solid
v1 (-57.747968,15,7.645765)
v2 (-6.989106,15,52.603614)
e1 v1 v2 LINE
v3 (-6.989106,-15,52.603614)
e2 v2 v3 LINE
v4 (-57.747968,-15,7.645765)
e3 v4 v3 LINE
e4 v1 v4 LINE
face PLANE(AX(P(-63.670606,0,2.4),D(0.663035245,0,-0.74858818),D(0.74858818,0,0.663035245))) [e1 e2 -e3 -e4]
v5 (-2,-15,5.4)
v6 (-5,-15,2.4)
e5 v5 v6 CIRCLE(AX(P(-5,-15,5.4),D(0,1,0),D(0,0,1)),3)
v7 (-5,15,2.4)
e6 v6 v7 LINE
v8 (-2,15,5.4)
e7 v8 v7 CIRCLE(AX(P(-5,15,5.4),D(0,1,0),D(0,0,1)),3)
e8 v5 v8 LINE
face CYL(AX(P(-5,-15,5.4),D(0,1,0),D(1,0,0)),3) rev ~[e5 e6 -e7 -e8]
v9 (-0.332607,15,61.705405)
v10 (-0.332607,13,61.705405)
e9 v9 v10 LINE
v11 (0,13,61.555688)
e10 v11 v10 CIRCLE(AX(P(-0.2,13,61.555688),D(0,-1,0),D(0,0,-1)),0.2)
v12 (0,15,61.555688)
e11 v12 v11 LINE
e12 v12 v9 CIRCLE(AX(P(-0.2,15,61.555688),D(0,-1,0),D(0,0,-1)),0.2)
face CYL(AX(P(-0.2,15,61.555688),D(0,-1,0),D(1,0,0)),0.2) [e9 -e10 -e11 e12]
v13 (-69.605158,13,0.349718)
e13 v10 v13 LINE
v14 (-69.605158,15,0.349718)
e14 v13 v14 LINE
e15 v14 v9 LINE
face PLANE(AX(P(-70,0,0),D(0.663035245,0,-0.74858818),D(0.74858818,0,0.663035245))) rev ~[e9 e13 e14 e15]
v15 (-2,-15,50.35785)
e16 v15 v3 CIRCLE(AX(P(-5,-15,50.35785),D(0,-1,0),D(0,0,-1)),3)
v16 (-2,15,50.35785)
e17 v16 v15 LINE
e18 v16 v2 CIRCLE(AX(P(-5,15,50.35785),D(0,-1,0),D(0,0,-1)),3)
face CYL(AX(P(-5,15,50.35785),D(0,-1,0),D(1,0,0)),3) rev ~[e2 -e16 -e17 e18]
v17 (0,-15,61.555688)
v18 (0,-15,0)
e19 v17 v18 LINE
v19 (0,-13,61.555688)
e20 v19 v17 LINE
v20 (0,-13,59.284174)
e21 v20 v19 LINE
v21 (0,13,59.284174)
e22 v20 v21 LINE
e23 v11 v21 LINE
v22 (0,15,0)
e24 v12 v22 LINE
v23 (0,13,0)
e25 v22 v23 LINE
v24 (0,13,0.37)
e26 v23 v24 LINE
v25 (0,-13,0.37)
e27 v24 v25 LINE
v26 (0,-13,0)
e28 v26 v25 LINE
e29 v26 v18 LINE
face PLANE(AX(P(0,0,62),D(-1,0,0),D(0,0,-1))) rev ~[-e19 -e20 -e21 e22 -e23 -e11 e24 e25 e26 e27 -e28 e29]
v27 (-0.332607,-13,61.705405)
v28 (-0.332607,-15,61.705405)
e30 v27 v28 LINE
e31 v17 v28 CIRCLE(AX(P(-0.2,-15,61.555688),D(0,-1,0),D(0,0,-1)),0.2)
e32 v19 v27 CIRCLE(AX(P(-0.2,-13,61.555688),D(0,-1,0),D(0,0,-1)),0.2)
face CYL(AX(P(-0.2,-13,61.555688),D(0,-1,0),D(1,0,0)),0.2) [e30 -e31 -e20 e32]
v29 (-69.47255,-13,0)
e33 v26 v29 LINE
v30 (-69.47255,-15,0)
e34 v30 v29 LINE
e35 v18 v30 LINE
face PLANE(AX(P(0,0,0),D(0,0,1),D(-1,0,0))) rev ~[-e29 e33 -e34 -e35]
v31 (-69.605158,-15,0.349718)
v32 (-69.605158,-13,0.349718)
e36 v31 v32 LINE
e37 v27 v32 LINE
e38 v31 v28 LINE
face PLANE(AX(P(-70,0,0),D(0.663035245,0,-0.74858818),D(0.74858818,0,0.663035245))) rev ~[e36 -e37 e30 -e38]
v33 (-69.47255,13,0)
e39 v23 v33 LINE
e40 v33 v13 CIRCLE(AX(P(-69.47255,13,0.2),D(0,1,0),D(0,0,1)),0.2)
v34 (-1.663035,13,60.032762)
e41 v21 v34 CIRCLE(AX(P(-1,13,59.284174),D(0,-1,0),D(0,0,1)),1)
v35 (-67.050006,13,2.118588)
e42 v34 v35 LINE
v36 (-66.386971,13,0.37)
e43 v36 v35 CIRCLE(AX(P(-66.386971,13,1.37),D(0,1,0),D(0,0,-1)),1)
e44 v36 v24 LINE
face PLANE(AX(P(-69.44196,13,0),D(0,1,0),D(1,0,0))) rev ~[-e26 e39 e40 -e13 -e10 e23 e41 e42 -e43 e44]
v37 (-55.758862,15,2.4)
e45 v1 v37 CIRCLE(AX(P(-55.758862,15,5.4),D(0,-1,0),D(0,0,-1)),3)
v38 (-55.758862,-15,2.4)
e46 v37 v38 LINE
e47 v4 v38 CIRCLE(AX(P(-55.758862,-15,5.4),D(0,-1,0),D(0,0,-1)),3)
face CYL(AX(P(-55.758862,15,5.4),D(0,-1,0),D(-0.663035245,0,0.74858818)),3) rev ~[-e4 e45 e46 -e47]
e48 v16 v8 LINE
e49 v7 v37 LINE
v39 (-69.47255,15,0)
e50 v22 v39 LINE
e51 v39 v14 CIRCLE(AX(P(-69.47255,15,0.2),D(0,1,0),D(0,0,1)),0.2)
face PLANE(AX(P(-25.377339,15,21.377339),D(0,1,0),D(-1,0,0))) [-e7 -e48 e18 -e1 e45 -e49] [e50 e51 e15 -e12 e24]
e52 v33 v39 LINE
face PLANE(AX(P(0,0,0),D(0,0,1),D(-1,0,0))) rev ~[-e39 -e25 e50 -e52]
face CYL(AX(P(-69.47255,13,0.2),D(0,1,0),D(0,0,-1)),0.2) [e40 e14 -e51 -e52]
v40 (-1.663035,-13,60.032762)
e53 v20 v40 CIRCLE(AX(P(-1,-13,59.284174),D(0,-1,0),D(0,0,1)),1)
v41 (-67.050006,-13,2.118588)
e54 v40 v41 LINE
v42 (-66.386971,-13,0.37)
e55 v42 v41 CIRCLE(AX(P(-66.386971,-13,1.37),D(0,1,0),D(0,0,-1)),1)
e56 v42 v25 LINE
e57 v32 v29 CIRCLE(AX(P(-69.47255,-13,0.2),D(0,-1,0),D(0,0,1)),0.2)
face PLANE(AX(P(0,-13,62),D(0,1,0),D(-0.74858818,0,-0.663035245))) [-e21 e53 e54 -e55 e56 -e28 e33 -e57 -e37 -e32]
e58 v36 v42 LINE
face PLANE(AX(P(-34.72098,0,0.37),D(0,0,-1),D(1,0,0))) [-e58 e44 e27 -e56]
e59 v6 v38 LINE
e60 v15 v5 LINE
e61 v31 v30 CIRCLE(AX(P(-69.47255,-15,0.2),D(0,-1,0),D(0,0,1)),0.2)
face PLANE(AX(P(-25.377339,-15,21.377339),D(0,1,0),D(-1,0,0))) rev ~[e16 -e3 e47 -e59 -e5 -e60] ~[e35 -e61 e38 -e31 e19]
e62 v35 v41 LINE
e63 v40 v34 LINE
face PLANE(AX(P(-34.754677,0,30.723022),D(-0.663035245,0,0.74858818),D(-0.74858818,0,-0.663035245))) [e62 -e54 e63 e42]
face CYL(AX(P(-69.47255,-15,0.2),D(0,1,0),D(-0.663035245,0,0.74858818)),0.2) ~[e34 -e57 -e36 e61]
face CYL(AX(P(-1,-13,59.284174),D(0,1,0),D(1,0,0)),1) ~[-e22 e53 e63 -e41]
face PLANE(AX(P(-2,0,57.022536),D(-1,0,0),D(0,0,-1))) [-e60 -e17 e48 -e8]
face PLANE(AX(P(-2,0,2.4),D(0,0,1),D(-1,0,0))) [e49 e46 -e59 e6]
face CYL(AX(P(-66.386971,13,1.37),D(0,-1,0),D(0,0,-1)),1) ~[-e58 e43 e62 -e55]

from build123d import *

# Parameters (mm, degrees)
PAD001_DEPTH    = 15
SKETCH003_W     = 93.5093578205
SKETCH003_H     = 26
POCKET_DEPTH    = 0.37
SKETCH004_W     = 69.441960284
SKETCH004_H     = 26
POCKET001_DEPTH = 0.37
FILLET002002_R  = 3
FILLET002003_R  = 0.2
FILLET002004_R  = 1
FILLET002005_R  = 0.2
FILLET002006_R  = 1


with BuildPart() as part:
    # Sketch002 → Pad001 (new body, symmetric)
    with BuildSketch(Plane.XZ):
        Polygon((0, 0), (-70, 0), (0, 62), align=None)
        Polygon((-2, 2.4), (-63.6706055037, 2.4), (-2, 57.0225363033), align=None, mode=Mode.SUBTRACT)
    extrude(amount=PAD001_DEPTH, both=True)

    # Sketch003 (on Face2 of Pad001) → Pocket (cut)
    with BuildSketch(Plane(origin=(-30.7731015554, 0, 34.7438243367), x_dir=(-0.7485881802, 0, -0.6630352453), z_dir=(-0.6630352453, 0, 0.7485881802))):
        with Locations((5.6464937019, 0)):
            Rectangle(SKETCH003_W, SKETCH003_H)
    extrude(amount=-POCKET_DEPTH, mode=Mode.SUBTRACT)

    # Sketch004 (on Face1 of Pocket) → Pocket001 (cut)
    with BuildSketch(Plane(origin=(0, 0, 0), x_dir=(1, 0, 0), z_dir=(0, 0, -1))):
        with Locations((-34.720980142, 0)):
            Rectangle(SKETCH004_W, SKETCH004_H)
    extrude(amount=-POCKET001_DEPTH, mode=Mode.SUBTRACT)

    # Fillet002002
    fillet002002_edges = [part.edges().sort_by_distance(p)[0] for p in [
        (-2, 0, 2.4),
        (-2, 0, 57.022536),
        (-63.670606, 0, 2.4),
    ]]
    fillet(fillet002002_edges, radius=FILLET002002_R)

    # Fillet002003
    fillet002003_edges = [part.edges().sort_by_distance(p)[0] for p in [
        (0, 14, 62),
        (0, -14, 62),
    ]]
    fillet(fillet002003_edges, radius=FILLET002003_R)

    # Fillet002004
    fillet002004_edges = [part.edges().sort_by_distance(p)[0] for p in [
        (0, 0, 61.505736),
    ]]
    fillet(fillet002004_edges, radius=FILLET002004_R)

    # Fillet002005
    fillet002005_edges = [part.edges().sort_by_distance(p)[0] for p in [
        (-70, -14, 0),
        (-70, 14, 0),
    ]]
    fillet(fillet002005_edges, radius=FILLET002005_R)

    # Fillet002006
    fillet002006_edges = [part.edges().sort_by_distance(p)[0] for p in [
        (-69.024218, 0, 0.37),
    ]]
    fillet(fillet002006_edges, radius=FILLET002006_R)


solid = part.part
